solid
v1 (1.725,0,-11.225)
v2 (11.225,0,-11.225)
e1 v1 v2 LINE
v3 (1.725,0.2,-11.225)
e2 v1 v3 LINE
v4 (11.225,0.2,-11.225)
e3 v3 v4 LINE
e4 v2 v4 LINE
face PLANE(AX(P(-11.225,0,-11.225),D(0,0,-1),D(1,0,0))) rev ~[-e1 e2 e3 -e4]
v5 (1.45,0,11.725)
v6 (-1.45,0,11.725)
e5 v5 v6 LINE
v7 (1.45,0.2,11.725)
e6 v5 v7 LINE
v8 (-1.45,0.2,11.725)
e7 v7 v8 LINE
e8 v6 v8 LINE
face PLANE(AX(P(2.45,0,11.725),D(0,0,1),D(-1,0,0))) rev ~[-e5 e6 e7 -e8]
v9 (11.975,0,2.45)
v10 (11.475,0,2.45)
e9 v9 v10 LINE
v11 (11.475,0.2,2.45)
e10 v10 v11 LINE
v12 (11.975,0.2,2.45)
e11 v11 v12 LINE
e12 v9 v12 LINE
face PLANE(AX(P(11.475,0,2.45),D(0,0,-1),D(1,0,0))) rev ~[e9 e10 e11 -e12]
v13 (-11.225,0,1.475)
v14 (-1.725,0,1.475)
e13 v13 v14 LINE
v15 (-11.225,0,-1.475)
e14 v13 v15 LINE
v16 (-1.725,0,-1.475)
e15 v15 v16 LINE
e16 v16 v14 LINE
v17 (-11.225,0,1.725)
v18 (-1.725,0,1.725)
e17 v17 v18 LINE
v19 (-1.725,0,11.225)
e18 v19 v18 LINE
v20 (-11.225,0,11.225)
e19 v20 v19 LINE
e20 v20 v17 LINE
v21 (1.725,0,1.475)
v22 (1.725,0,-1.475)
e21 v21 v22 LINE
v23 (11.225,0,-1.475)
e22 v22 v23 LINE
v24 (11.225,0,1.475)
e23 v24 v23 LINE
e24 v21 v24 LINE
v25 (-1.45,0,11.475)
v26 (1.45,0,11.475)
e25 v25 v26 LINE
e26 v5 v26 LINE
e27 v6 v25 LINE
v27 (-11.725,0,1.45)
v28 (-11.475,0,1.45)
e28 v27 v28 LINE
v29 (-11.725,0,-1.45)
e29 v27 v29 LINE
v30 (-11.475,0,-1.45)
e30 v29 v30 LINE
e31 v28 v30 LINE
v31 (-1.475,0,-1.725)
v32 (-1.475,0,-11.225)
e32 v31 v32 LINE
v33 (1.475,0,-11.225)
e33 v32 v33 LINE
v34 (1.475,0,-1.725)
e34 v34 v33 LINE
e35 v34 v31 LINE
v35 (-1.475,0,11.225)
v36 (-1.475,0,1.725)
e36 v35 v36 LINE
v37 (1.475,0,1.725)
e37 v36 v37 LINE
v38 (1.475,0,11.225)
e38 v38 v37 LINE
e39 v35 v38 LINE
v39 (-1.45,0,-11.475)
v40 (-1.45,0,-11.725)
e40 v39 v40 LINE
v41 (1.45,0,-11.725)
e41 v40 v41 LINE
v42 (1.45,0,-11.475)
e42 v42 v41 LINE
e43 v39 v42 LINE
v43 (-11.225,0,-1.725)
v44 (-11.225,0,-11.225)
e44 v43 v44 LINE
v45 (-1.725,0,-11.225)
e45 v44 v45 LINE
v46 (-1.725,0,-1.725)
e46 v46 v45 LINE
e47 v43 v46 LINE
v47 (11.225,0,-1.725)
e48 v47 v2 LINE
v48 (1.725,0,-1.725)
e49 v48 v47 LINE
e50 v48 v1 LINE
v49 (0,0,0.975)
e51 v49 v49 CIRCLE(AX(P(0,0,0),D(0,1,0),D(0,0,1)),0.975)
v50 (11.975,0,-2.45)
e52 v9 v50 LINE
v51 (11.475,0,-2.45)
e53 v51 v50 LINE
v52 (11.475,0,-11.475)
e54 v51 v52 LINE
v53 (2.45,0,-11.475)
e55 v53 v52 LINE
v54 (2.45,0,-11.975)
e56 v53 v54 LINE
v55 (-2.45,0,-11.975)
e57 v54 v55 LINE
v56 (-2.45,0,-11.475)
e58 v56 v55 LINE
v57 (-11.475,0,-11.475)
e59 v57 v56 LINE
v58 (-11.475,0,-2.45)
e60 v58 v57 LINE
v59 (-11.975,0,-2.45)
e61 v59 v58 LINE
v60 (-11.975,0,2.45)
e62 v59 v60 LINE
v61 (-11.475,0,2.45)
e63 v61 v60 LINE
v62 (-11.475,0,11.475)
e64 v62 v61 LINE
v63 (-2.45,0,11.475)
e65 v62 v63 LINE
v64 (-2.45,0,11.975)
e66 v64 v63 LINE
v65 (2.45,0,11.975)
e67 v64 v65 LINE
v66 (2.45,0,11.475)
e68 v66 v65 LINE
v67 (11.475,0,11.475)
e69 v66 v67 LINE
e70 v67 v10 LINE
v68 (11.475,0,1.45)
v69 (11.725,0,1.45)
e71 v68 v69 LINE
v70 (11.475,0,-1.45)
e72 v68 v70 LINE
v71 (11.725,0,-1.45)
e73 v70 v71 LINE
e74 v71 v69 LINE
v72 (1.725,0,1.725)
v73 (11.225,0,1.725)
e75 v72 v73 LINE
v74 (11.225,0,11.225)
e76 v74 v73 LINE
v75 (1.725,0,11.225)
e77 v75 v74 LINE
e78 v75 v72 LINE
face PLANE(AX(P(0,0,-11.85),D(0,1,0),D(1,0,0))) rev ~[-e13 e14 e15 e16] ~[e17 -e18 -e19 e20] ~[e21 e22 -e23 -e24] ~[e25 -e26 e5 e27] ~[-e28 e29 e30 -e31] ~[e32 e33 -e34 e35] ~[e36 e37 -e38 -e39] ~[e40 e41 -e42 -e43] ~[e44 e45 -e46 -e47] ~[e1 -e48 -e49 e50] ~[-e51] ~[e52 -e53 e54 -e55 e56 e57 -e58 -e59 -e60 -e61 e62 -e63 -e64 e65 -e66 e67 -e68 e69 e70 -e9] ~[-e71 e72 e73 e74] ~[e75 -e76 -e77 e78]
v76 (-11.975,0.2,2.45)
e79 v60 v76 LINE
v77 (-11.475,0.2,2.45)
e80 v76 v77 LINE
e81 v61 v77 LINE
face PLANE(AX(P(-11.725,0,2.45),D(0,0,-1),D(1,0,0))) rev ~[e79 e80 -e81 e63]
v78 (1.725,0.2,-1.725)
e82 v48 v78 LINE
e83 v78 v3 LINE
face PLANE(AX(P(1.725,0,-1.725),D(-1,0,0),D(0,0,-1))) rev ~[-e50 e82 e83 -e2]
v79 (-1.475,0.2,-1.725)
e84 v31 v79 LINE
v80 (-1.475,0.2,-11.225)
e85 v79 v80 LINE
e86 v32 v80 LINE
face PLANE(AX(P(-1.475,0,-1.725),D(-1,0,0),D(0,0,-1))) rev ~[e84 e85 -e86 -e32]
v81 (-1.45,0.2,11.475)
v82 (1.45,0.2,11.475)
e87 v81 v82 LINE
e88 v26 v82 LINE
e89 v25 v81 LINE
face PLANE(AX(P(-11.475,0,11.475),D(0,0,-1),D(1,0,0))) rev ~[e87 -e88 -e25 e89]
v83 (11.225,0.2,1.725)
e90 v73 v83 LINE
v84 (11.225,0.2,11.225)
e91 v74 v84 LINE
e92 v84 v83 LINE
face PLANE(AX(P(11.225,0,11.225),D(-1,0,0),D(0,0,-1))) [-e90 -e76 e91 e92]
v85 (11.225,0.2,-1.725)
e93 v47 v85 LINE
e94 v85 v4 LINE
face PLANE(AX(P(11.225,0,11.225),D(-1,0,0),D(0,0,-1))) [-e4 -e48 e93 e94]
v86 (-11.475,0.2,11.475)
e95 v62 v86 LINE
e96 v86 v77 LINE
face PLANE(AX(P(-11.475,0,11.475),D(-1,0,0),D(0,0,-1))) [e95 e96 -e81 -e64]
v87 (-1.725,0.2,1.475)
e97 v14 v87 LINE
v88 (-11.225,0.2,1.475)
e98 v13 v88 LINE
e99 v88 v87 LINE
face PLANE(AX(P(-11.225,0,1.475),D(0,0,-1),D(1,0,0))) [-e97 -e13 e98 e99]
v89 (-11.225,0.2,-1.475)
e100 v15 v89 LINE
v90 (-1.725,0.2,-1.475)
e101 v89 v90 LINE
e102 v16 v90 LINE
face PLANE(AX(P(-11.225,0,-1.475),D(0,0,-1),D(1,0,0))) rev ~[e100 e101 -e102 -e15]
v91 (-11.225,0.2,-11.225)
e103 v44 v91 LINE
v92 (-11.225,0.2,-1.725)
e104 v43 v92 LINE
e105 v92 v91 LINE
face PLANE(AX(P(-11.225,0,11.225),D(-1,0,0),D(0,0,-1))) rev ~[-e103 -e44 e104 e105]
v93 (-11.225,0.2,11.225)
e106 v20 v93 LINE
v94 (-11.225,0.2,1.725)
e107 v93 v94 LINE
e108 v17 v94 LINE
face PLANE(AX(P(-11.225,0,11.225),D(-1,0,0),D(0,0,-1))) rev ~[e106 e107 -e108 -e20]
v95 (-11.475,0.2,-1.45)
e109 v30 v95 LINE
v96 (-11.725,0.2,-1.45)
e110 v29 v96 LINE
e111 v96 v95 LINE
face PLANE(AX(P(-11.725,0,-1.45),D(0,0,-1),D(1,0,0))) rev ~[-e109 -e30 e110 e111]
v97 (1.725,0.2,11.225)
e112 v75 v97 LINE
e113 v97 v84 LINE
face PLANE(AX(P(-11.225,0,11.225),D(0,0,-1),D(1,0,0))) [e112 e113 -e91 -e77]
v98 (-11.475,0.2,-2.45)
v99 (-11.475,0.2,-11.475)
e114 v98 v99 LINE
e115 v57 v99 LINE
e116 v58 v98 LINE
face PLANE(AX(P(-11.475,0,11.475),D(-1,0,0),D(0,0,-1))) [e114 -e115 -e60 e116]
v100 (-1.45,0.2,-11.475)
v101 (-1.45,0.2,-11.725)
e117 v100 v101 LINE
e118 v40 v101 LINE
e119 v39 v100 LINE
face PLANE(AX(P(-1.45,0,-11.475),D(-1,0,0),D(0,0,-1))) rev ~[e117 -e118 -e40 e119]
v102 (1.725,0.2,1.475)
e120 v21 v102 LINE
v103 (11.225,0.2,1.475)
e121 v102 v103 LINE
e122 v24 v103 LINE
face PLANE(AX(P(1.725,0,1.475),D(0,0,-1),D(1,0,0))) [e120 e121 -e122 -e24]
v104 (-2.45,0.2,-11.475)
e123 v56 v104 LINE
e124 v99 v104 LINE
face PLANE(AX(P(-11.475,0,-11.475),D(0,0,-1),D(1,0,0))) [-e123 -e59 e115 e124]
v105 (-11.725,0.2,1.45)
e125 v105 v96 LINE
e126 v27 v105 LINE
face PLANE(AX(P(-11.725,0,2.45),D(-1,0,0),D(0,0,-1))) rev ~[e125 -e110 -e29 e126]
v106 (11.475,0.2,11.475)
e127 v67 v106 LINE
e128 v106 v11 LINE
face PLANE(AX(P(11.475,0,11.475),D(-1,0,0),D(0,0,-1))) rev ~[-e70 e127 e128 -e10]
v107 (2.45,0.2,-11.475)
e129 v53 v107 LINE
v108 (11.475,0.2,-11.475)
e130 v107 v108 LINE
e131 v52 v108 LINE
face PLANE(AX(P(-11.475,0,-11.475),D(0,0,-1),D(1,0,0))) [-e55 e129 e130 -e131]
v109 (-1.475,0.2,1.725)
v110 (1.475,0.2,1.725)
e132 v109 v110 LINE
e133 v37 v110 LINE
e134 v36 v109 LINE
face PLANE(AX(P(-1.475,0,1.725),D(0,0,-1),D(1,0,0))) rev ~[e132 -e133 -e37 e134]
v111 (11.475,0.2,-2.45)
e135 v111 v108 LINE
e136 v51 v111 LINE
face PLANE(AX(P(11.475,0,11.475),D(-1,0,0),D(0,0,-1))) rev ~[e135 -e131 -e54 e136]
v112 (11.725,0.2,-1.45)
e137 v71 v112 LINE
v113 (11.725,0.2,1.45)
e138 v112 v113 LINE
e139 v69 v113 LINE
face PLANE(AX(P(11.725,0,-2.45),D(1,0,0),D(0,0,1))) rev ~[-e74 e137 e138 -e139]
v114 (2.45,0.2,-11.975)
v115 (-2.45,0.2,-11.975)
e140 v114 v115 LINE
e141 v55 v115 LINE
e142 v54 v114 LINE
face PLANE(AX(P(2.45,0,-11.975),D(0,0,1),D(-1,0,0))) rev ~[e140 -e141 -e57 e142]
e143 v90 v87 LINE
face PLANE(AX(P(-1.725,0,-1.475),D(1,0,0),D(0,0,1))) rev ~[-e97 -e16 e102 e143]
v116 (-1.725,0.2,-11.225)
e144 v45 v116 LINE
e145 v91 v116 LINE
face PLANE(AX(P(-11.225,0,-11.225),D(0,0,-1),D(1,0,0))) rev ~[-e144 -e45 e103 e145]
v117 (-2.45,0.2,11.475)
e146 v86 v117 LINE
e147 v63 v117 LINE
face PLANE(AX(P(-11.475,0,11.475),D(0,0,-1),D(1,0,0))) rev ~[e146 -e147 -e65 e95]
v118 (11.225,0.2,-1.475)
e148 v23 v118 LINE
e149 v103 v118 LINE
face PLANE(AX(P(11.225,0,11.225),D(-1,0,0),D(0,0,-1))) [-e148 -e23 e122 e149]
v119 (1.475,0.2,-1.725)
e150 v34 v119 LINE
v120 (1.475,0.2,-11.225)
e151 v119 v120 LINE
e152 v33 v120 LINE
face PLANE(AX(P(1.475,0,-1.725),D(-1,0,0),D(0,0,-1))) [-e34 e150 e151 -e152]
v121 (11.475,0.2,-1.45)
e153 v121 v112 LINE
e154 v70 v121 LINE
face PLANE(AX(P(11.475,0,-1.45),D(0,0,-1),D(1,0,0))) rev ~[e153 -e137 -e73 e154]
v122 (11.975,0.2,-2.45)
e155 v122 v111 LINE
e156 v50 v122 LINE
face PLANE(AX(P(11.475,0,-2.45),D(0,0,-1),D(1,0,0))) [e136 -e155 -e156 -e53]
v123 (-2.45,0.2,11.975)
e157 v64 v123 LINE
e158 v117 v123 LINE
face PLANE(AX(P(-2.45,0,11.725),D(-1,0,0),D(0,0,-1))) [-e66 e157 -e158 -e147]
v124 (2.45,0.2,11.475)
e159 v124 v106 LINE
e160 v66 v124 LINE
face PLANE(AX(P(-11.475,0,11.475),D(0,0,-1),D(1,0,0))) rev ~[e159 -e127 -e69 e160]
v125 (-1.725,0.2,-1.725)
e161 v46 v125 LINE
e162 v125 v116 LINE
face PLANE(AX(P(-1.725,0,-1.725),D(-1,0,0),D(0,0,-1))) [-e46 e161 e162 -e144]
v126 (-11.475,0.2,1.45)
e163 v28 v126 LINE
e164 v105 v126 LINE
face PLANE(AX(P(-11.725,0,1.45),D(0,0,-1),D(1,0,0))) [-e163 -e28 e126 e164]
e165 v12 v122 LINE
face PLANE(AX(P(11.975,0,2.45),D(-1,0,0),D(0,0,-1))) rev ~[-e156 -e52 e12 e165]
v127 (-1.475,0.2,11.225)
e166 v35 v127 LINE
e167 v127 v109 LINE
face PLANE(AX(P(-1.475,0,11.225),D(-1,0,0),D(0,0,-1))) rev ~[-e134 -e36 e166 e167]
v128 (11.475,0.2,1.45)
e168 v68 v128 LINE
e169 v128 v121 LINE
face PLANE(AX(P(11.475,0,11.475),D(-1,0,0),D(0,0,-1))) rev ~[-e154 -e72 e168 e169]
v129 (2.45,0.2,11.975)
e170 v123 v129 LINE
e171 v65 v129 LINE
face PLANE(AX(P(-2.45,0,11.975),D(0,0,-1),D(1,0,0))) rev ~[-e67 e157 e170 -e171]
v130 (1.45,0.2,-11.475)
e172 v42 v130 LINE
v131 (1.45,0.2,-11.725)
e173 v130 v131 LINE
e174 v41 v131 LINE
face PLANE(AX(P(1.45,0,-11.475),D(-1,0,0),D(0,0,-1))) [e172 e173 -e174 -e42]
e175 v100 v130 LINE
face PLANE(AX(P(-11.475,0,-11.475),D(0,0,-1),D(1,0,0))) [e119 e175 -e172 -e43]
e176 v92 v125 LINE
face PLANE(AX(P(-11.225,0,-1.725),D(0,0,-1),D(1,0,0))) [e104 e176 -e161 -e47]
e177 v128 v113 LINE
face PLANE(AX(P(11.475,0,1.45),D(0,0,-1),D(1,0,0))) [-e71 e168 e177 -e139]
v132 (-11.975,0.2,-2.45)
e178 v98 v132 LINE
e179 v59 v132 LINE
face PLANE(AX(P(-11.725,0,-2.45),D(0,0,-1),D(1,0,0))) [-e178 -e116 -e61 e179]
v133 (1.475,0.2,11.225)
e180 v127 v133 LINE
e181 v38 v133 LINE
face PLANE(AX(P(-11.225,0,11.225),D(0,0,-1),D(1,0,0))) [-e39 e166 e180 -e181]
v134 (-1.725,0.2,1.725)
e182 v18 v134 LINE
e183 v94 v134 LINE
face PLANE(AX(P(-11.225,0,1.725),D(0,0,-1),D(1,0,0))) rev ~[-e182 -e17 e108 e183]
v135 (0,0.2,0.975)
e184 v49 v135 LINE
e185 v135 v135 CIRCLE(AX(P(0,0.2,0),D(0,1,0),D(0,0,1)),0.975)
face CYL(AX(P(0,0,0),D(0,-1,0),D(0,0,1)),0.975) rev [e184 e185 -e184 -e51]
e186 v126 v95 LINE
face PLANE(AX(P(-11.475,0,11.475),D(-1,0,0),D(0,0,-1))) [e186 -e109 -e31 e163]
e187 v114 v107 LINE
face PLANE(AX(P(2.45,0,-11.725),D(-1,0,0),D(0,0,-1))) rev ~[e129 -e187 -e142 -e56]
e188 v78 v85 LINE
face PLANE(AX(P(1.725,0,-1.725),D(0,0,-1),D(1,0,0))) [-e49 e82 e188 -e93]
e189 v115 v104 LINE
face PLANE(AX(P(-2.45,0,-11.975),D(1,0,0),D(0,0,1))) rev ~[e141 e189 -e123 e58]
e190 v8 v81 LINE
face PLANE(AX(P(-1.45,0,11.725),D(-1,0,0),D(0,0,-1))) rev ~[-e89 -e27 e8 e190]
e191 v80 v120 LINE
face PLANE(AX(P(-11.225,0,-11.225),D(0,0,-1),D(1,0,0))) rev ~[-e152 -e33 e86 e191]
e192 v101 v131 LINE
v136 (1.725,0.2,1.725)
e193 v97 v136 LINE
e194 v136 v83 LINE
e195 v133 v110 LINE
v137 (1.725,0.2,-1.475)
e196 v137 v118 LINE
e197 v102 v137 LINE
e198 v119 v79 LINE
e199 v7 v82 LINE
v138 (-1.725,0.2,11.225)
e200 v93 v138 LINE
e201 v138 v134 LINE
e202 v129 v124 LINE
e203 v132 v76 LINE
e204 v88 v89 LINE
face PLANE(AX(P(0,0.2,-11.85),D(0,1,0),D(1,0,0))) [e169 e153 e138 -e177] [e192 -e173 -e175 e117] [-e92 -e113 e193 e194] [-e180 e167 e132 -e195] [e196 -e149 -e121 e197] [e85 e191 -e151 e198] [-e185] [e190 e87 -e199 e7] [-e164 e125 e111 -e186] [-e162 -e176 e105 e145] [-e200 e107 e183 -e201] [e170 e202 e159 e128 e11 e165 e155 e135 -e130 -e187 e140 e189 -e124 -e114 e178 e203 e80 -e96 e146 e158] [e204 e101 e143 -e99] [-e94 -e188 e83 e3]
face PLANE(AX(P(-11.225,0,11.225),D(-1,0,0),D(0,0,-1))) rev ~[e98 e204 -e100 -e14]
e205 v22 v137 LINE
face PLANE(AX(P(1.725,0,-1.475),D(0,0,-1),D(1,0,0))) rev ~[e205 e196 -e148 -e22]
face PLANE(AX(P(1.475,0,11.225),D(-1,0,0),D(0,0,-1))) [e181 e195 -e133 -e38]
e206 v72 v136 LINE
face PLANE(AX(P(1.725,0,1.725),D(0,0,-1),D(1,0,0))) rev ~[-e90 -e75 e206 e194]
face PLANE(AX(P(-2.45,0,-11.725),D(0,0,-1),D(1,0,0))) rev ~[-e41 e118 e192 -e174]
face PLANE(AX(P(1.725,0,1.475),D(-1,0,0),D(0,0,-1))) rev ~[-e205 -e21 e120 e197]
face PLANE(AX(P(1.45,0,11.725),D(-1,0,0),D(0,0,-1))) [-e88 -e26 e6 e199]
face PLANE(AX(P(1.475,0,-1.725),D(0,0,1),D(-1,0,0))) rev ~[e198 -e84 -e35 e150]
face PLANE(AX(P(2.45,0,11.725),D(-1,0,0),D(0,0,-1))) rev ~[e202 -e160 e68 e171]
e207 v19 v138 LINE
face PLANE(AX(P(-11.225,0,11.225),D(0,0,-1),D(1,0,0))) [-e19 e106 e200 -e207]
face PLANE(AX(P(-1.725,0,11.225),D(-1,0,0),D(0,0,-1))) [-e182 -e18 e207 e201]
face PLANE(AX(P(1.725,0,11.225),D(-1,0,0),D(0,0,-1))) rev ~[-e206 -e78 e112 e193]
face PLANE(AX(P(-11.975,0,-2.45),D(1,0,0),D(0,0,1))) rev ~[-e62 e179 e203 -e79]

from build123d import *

# Parameters (mm, degrees)
SKETCH1_W           = 22.95
SKETCH1_H           = 22.95
SKETCH1_W_2         = 22.45
SKETCH1_H_2         = 22.45
SKETCH1_W_3         = 0.25
SKETCH1_H_3         = 9.5
SKETCH1_W_4         = 9.5
SKETCH1_H_4         = 0.25
SKETCH1_R           = 0.975
SKETCH1_H_5         = 1
SKETCH1_W_5         = 1
BOSS_EXTRUDE5_DEPTH = 0.2


with BuildPart() as part:
    # Sketch1 → Boss-Extrude5 (new body)
    # profile 1 of 26: a face of its own
    with BuildSketch(Plane(origin=(0, 0, 0), x_dir=(1, 0, 0), z_dir=(0, 1, 0))):
        Rectangle(SKETCH1_W, SKETCH1_H)
        Rectangle(SKETCH1_W_2, SKETCH1_H_2, mode=Mode.SUBTRACT)
    # profile 2 of 26: a face of its own
    with BuildSketch(Plane(origin=(0, 0, 0), x_dir=(1, 0, 0), z_dir=(0, 1, 0))):
        with Locations((-1.6, -6.475)):
            Rectangle(SKETCH1_W_3, SKETCH1_H_3)
    # profile 3 of 26: a face of its own
    with BuildSketch(Plane(origin=(0, 0, 0), x_dir=(1, 0, 0), z_dir=(0, 1, 0))):
        with Locations((-6.475, -1.6)):
            Rectangle(SKETCH1_W_4, SKETCH1_H_4)
    # profile 4 of 26: a face of its own
    with BuildSketch(Plane(origin=(0, 0, 0), x_dir=(1, 0, 0), z_dir=(0, 1, 0))):
        Polygon((-1.475, -1.475), (-1.475, -1.725), (1.475, -1.725), (1.475, -1.475), (1.725, -1.475), (1.725, 1.475), (1.475, 1.475), (1.475, 1.725), (-1.475, 1.725), (-1.475, 1.475), (-1.725, 1.475), (-1.725, -1.475), align=None)
        with Locations(Location((0, 0, 0), (0, 0, 270))):
            Circle(SKETCH1_R, mode=Mode.SUBTRACT)
    # profile 5 of 26: a face of its own
    with BuildSketch(Plane(origin=(0, 0, 0), x_dir=(1, 0, 0), z_dir=(0, 1, 0))):
        with Locations((-1.6, -1.6)):
            Rectangle(SKETCH1_W_3, SKETCH1_H_4)
    # profile 6 of 26: a face of its own
    with BuildSketch(Plane(origin=(0, 0, 0), x_dir=(1, 0, 0), z_dir=(0, 1, 0))):
        with Locations((1.6, -1.6)):
            Rectangle(SKETCH1_W_3, SKETCH1_H_4)
    # profile 7 of 26: a face of its own
    with BuildSketch(Plane(origin=(0, 0, 0), x_dir=(1, 0, 0), z_dir=(0, 1, 0))):
        with Locations((6.475, -1.6)):
            Rectangle(SKETCH1_W_4, SKETCH1_H_4)
    # profile 8 of 26: a face of its own
    with BuildSketch(Plane(origin=(0, 0, 0), x_dir=(1, 0, 0), z_dir=(0, 1, 0))):
        with Locations((1.6, -6.475)):
            Rectangle(SKETCH1_W_3, SKETCH1_H_3)
    # profile 9 of 26: a face of its own
    with BuildSketch(Plane(origin=(0, 0, 0), x_dir=(1, 0, 0), z_dir=(0, 1, 0))):
        with Locations((1.6, 1.6)):
            Rectangle(SKETCH1_W_3, SKETCH1_H_4)
    # profile 10 of 26: a face of its own
    with BuildSketch(Plane(origin=(0, 0, 0), x_dir=(1, 0, 0), z_dir=(0, 1, 0))):
        with Locations((6.475, 1.6)):
            Rectangle(SKETCH1_W_4, SKETCH1_H_4)
    # profile 11 of 26: a face of its own
    with BuildSketch(Plane(origin=(0, 0, 0), x_dir=(1, 0, 0), z_dir=(0, 1, 0))):
        with Locations((1.6, 6.475)):
            Rectangle(SKETCH1_W_3, SKETCH1_H_3)
    # profile 12 of 26: a face of its own
    with BuildSketch(Plane(origin=(0, 0, 0), x_dir=(1, 0, 0), z_dir=(0, 1, 0))):
        with Locations((-1.6, 1.6)):
            Rectangle(SKETCH1_W_3, SKETCH1_H_4)
    # profile 13 of 26: a face of its own
    with BuildSketch(Plane(origin=(0, 0, 0), x_dir=(1, 0, 0), z_dir=(0, 1, 0))):
        with Locations((-6.475, 1.6)):
            Rectangle(SKETCH1_W_4, SKETCH1_H_4)
    # profile 14 of 26: a face of its own
    with BuildSketch(Plane(origin=(0, 0, 0), x_dir=(1, 0, 0), z_dir=(0, 1, 0))):
        with Locations((-1.6, 6.475)):
            Rectangle(SKETCH1_W_3, SKETCH1_H_3)
    # profile 15 of 26: a face of its own
    with BuildSketch(Plane(origin=(0, 0, 0), x_dir=(1, 0, 0), z_dir=(0, 1, 0))):
        with Locations((-11.6, -1.95)):
            Rectangle(SKETCH1_W_3, SKETCH1_H_5)
    # profile 16 of 26: a face of its own
    with BuildSketch(Plane(origin=(0, 0, 0), x_dir=(1, 0, 0), z_dir=(0, 1, 0))):
        with Locations((-11.6, 1.95)):
            Rectangle(SKETCH1_W_3, SKETCH1_H_5)
    # profile 17 of 26: a face of its own
    with BuildSketch(Plane(origin=(0, 0, 0), x_dir=(1, 0, 0), z_dir=(0, 1, 0))):
        with Locations((11.6, -1.95)):
            Rectangle(SKETCH1_W_3, SKETCH1_H_5)
    # profile 18 of 26: a face of its own
    with BuildSketch(Plane(origin=(0, 0, 0), x_dir=(1, 0, 0), z_dir=(0, 1, 0))):
        with Locations((11.6, 1.95)):
            Rectangle(SKETCH1_W_3, SKETCH1_H_5)
    # profile 19 of 26: a face of its own
    with BuildSketch(Plane(origin=(0, 0, 0), x_dir=(1, 0, 0), z_dir=(0, 1, 0))):
        with Locations((1.95, -11.6)):
            Rectangle(SKETCH1_W_5, SKETCH1_H_4)
    # profile 20 of 26: a face of its own
    with BuildSketch(Plane(origin=(0, 0, 0), x_dir=(1, 0, 0), z_dir=(0, 1, 0))):
        with Locations((-1.95, -11.6)):
            Rectangle(SKETCH1_W_5, SKETCH1_H_4)
    # profile 21 of 26: a face of its own
    with BuildSketch(Plane(origin=(0, 0, 0), x_dir=(1, 0, 0), z_dir=(0, 1, 0))):
        with Locations((1.95, 11.6)):
            Rectangle(SKETCH1_W_5, SKETCH1_H_4)
    # profile 22 of 26: a face of its own
    with BuildSketch(Plane(origin=(0, 0, 0), x_dir=(1, 0, 0), z_dir=(0, 1, 0))):
        with Locations((-1.95, 11.6)):
            Rectangle(SKETCH1_W_5, SKETCH1_H_4)
    # profile 23 of 26: a face of its own
    with BuildSketch(Plane(origin=(0, 0, 0), x_dir=(1, 0, 0), z_dir=(0, 1, 0))):
        Polygon((-11.975, -2.45), (-11.725, -2.45), (-11.725, -1.45), (-11.725, 1.45), (-11.725, 2.45), (-11.975, 2.45), align=None)
    # profile 24 of 26: a face of its own
    with BuildSketch(Plane(origin=(0, 0, 0), x_dir=(1, 0, 0), z_dir=(0, 1, 0))):
        Polygon((2.45, -11.975), (2.45, -11.725), (1.45, -11.725), (-1.45, -11.725), (-2.45, -11.725), (-2.45, -11.975), align=None)
    # profile 25 of 26: a face of its own
    with BuildSketch(Plane(origin=(0, 0, 0), x_dir=(1, 0, 0), z_dir=(0, 1, 0))):
        Polygon((11.725, -1.45), (11.725, -2.45), (11.975, -2.45), (11.975, 2.45), (11.725, 2.45), (11.725, 1.45), align=None)
    # profile 26 of 26: a face of its own
    with BuildSketch(Plane(origin=(0, 0, 0), x_dir=(1, 0, 0), z_dir=(0, 1, 0))):
        Polygon((1.45, 11.725), (2.45, 11.725), (2.45, 11.975), (-2.45, 11.975), (-2.45, 11.725), (-1.45, 11.725), align=None)
    extrude(amount=BOSS_EXTRUDE5_DEPTH)


solid = part.part
